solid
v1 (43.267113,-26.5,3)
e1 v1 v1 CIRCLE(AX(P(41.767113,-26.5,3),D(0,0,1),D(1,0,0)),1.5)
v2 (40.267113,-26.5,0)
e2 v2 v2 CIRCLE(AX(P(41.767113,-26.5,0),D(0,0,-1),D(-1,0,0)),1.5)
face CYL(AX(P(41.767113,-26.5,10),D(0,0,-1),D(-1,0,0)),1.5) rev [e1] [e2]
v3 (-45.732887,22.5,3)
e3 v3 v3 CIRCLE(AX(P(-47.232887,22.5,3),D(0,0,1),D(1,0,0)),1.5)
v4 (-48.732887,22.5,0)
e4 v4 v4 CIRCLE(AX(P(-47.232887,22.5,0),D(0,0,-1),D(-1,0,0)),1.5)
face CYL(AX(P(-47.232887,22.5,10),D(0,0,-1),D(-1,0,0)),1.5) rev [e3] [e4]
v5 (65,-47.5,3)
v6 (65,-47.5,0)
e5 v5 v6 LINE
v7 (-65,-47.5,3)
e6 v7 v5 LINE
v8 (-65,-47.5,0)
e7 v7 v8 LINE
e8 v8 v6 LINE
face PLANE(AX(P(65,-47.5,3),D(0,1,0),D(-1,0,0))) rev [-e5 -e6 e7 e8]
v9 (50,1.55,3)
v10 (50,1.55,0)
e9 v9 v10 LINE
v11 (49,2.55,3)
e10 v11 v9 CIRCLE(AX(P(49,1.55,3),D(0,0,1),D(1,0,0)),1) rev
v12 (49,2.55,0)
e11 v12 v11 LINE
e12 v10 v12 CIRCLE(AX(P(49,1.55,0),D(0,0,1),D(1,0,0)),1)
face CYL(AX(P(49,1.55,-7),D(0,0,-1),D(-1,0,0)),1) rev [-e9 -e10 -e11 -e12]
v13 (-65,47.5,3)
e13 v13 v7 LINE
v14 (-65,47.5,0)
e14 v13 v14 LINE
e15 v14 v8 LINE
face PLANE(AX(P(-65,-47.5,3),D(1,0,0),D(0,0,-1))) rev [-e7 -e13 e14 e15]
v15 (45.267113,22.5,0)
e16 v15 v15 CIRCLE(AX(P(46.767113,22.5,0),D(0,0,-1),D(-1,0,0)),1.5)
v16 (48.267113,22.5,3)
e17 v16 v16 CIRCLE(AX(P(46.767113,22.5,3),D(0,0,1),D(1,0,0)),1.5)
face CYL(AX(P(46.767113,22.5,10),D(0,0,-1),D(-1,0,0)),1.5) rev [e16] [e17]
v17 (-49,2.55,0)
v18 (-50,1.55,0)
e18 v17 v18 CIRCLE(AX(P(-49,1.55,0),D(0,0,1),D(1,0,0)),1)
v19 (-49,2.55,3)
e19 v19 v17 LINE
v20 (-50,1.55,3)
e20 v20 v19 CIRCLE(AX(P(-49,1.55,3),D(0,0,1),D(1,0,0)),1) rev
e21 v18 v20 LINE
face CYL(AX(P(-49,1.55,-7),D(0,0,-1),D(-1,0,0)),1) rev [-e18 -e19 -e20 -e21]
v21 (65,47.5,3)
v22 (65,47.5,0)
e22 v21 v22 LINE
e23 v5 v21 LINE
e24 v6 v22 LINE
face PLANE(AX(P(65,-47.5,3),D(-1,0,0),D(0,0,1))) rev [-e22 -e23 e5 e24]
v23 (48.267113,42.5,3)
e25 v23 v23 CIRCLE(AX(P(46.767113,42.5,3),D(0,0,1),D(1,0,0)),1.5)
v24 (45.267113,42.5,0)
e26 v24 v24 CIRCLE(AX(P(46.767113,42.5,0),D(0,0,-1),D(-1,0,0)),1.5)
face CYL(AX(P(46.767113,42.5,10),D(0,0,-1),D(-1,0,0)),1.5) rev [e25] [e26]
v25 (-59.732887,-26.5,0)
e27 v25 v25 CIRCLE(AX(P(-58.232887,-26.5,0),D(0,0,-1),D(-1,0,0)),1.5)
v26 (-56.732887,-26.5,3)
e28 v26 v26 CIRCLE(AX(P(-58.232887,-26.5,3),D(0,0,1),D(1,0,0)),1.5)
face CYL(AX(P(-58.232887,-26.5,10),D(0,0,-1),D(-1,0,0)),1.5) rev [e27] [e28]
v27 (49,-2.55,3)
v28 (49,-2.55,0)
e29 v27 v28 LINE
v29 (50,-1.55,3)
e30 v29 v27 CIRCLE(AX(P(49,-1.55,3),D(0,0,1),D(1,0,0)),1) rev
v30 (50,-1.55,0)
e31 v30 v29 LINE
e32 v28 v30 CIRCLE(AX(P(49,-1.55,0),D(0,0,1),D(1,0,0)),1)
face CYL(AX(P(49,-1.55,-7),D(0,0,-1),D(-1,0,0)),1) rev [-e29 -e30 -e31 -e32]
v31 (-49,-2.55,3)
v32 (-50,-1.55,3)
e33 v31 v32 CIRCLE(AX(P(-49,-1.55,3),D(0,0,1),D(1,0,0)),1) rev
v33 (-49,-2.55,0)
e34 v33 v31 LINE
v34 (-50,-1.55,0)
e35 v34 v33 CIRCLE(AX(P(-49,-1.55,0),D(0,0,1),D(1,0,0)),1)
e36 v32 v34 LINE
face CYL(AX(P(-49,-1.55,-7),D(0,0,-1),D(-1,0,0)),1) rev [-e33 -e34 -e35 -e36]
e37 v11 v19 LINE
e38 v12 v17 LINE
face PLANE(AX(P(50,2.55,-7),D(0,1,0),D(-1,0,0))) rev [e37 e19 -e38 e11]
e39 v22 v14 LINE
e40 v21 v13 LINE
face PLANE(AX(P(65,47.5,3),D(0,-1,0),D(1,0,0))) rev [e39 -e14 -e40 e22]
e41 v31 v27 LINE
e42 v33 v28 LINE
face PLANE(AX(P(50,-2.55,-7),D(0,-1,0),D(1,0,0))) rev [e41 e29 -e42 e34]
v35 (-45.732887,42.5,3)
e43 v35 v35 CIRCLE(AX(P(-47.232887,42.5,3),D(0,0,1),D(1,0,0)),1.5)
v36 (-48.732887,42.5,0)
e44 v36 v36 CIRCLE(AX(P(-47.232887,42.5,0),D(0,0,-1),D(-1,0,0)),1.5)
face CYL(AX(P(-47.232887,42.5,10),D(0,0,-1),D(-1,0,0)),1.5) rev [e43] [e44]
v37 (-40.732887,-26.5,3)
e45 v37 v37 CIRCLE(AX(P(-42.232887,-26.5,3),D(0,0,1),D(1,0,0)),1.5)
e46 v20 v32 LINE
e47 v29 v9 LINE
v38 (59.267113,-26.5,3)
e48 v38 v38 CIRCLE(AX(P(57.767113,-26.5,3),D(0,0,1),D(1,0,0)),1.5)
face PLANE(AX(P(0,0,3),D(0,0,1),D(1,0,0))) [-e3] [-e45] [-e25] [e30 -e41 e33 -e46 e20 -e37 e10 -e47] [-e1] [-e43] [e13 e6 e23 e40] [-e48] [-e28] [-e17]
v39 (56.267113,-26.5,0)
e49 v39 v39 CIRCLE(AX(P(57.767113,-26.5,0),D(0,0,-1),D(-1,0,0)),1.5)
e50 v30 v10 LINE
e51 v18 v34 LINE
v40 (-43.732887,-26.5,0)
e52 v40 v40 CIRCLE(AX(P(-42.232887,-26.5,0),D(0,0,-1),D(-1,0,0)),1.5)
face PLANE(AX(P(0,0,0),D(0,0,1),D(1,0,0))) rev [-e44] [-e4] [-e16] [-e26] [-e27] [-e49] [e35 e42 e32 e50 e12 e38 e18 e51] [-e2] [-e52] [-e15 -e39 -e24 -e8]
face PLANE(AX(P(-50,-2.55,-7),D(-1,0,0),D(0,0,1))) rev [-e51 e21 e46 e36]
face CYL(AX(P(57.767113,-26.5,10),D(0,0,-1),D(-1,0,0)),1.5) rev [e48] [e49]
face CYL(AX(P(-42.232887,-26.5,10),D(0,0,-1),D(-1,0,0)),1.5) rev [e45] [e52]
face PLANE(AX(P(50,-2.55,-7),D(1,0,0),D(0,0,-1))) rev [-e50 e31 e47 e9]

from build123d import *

# Parameters (mm, degrees)
SKETCH_1_W          = 130
SKETCH_1_H          = 95
EXTRUDE_1_DEPTH     = 3
SKETCH_3_R          = 1.5
CUT_EXTRUDE_2_DEPTH = 10
SKETCH_4_R          = 1.5
CUT_EXTRUDE_3_DEPTH = 10
SKETCH_5_W          = 100
SKETCH_5_H          = 5.1
CUT_EXTRUDE_4_DEPTH = 10
FILLET_1_R          = 1
FILLET_2_R          = 1


with BuildPart() as part:
    # 草图1 → 凸台-拉伸1 (new body)
    with BuildSketch(Plane.XY):
        Rectangle(SKETCH_1_W, SKETCH_1_H)
    extrude(amount=EXTRUDE_1_DEPTH)

    # 草图3 → 切除-拉伸2 (cut)
    with BuildSketch(Plane(origin=(0, 0, 0), x_dir=(-1, 0, 0), z_dir=(0, 0, -1))):
        with Locations((-57.767112616, -26.5)):
            Circle(SKETCH_3_R)
        with Locations((-41.767112616, -26.5)):
            Circle(SKETCH_3_R)
        with Locations((42.232887384, -26.5)):
            Circle(SKETCH_3_R)
        with Locations((58.232887384, -26.5)):
            Circle(SKETCH_3_R)
    extrude(amount=-CUT_EXTRUDE_2_DEPTH, mode=Mode.SUBTRACT)

    # 草图4 → 切除-拉伸3 (cut)
    with BuildSketch(Plane(origin=(0, 0, 0), x_dir=(-1, 0, 0), z_dir=(0, 0, -1))):
        with Locations((-46.767112616, 42.5)):
            Circle(SKETCH_4_R)
        with Locations((-46.767112616, 22.5)):
            Circle(SKETCH_4_R)
        with Locations((47.232887384, 42.5)):
            Circle(SKETCH_4_R)
        with Locations((47.232887384, 22.5)):
            Circle(SKETCH_4_R)
    extrude(amount=-CUT_EXTRUDE_3_DEPTH, mode=Mode.SUBTRACT)

    # 草图5 → 切除-拉伸4 (cut)
    with BuildSketch(Plane.XY.offset(3)):
        Rectangle(SKETCH_5_W, SKETCH_5_H)
    extrude(amount=-CUT_EXTRUDE_4_DEPTH, mode=Mode.SUBTRACT)

    # 圆角1
    fillet_1_edges = [part.edges().sort_by_distance(p)[0] for p in [
        (-50, 2.55, 1.5),
    ]]
    fillet(fillet_1_edges, radius=FILLET_1_R)

    # 圆角2
    fillet_2_edges = [part.edges().sort_by_distance(p)[0] for p in [
        (-50, -2.55, 1.5),
        (50, 2.55, 1.5),
        (50, -2.55, 1.5),
    ]]
    fillet(fillet_2_edges, radius=FILLET_2_R)


solid = part.part
